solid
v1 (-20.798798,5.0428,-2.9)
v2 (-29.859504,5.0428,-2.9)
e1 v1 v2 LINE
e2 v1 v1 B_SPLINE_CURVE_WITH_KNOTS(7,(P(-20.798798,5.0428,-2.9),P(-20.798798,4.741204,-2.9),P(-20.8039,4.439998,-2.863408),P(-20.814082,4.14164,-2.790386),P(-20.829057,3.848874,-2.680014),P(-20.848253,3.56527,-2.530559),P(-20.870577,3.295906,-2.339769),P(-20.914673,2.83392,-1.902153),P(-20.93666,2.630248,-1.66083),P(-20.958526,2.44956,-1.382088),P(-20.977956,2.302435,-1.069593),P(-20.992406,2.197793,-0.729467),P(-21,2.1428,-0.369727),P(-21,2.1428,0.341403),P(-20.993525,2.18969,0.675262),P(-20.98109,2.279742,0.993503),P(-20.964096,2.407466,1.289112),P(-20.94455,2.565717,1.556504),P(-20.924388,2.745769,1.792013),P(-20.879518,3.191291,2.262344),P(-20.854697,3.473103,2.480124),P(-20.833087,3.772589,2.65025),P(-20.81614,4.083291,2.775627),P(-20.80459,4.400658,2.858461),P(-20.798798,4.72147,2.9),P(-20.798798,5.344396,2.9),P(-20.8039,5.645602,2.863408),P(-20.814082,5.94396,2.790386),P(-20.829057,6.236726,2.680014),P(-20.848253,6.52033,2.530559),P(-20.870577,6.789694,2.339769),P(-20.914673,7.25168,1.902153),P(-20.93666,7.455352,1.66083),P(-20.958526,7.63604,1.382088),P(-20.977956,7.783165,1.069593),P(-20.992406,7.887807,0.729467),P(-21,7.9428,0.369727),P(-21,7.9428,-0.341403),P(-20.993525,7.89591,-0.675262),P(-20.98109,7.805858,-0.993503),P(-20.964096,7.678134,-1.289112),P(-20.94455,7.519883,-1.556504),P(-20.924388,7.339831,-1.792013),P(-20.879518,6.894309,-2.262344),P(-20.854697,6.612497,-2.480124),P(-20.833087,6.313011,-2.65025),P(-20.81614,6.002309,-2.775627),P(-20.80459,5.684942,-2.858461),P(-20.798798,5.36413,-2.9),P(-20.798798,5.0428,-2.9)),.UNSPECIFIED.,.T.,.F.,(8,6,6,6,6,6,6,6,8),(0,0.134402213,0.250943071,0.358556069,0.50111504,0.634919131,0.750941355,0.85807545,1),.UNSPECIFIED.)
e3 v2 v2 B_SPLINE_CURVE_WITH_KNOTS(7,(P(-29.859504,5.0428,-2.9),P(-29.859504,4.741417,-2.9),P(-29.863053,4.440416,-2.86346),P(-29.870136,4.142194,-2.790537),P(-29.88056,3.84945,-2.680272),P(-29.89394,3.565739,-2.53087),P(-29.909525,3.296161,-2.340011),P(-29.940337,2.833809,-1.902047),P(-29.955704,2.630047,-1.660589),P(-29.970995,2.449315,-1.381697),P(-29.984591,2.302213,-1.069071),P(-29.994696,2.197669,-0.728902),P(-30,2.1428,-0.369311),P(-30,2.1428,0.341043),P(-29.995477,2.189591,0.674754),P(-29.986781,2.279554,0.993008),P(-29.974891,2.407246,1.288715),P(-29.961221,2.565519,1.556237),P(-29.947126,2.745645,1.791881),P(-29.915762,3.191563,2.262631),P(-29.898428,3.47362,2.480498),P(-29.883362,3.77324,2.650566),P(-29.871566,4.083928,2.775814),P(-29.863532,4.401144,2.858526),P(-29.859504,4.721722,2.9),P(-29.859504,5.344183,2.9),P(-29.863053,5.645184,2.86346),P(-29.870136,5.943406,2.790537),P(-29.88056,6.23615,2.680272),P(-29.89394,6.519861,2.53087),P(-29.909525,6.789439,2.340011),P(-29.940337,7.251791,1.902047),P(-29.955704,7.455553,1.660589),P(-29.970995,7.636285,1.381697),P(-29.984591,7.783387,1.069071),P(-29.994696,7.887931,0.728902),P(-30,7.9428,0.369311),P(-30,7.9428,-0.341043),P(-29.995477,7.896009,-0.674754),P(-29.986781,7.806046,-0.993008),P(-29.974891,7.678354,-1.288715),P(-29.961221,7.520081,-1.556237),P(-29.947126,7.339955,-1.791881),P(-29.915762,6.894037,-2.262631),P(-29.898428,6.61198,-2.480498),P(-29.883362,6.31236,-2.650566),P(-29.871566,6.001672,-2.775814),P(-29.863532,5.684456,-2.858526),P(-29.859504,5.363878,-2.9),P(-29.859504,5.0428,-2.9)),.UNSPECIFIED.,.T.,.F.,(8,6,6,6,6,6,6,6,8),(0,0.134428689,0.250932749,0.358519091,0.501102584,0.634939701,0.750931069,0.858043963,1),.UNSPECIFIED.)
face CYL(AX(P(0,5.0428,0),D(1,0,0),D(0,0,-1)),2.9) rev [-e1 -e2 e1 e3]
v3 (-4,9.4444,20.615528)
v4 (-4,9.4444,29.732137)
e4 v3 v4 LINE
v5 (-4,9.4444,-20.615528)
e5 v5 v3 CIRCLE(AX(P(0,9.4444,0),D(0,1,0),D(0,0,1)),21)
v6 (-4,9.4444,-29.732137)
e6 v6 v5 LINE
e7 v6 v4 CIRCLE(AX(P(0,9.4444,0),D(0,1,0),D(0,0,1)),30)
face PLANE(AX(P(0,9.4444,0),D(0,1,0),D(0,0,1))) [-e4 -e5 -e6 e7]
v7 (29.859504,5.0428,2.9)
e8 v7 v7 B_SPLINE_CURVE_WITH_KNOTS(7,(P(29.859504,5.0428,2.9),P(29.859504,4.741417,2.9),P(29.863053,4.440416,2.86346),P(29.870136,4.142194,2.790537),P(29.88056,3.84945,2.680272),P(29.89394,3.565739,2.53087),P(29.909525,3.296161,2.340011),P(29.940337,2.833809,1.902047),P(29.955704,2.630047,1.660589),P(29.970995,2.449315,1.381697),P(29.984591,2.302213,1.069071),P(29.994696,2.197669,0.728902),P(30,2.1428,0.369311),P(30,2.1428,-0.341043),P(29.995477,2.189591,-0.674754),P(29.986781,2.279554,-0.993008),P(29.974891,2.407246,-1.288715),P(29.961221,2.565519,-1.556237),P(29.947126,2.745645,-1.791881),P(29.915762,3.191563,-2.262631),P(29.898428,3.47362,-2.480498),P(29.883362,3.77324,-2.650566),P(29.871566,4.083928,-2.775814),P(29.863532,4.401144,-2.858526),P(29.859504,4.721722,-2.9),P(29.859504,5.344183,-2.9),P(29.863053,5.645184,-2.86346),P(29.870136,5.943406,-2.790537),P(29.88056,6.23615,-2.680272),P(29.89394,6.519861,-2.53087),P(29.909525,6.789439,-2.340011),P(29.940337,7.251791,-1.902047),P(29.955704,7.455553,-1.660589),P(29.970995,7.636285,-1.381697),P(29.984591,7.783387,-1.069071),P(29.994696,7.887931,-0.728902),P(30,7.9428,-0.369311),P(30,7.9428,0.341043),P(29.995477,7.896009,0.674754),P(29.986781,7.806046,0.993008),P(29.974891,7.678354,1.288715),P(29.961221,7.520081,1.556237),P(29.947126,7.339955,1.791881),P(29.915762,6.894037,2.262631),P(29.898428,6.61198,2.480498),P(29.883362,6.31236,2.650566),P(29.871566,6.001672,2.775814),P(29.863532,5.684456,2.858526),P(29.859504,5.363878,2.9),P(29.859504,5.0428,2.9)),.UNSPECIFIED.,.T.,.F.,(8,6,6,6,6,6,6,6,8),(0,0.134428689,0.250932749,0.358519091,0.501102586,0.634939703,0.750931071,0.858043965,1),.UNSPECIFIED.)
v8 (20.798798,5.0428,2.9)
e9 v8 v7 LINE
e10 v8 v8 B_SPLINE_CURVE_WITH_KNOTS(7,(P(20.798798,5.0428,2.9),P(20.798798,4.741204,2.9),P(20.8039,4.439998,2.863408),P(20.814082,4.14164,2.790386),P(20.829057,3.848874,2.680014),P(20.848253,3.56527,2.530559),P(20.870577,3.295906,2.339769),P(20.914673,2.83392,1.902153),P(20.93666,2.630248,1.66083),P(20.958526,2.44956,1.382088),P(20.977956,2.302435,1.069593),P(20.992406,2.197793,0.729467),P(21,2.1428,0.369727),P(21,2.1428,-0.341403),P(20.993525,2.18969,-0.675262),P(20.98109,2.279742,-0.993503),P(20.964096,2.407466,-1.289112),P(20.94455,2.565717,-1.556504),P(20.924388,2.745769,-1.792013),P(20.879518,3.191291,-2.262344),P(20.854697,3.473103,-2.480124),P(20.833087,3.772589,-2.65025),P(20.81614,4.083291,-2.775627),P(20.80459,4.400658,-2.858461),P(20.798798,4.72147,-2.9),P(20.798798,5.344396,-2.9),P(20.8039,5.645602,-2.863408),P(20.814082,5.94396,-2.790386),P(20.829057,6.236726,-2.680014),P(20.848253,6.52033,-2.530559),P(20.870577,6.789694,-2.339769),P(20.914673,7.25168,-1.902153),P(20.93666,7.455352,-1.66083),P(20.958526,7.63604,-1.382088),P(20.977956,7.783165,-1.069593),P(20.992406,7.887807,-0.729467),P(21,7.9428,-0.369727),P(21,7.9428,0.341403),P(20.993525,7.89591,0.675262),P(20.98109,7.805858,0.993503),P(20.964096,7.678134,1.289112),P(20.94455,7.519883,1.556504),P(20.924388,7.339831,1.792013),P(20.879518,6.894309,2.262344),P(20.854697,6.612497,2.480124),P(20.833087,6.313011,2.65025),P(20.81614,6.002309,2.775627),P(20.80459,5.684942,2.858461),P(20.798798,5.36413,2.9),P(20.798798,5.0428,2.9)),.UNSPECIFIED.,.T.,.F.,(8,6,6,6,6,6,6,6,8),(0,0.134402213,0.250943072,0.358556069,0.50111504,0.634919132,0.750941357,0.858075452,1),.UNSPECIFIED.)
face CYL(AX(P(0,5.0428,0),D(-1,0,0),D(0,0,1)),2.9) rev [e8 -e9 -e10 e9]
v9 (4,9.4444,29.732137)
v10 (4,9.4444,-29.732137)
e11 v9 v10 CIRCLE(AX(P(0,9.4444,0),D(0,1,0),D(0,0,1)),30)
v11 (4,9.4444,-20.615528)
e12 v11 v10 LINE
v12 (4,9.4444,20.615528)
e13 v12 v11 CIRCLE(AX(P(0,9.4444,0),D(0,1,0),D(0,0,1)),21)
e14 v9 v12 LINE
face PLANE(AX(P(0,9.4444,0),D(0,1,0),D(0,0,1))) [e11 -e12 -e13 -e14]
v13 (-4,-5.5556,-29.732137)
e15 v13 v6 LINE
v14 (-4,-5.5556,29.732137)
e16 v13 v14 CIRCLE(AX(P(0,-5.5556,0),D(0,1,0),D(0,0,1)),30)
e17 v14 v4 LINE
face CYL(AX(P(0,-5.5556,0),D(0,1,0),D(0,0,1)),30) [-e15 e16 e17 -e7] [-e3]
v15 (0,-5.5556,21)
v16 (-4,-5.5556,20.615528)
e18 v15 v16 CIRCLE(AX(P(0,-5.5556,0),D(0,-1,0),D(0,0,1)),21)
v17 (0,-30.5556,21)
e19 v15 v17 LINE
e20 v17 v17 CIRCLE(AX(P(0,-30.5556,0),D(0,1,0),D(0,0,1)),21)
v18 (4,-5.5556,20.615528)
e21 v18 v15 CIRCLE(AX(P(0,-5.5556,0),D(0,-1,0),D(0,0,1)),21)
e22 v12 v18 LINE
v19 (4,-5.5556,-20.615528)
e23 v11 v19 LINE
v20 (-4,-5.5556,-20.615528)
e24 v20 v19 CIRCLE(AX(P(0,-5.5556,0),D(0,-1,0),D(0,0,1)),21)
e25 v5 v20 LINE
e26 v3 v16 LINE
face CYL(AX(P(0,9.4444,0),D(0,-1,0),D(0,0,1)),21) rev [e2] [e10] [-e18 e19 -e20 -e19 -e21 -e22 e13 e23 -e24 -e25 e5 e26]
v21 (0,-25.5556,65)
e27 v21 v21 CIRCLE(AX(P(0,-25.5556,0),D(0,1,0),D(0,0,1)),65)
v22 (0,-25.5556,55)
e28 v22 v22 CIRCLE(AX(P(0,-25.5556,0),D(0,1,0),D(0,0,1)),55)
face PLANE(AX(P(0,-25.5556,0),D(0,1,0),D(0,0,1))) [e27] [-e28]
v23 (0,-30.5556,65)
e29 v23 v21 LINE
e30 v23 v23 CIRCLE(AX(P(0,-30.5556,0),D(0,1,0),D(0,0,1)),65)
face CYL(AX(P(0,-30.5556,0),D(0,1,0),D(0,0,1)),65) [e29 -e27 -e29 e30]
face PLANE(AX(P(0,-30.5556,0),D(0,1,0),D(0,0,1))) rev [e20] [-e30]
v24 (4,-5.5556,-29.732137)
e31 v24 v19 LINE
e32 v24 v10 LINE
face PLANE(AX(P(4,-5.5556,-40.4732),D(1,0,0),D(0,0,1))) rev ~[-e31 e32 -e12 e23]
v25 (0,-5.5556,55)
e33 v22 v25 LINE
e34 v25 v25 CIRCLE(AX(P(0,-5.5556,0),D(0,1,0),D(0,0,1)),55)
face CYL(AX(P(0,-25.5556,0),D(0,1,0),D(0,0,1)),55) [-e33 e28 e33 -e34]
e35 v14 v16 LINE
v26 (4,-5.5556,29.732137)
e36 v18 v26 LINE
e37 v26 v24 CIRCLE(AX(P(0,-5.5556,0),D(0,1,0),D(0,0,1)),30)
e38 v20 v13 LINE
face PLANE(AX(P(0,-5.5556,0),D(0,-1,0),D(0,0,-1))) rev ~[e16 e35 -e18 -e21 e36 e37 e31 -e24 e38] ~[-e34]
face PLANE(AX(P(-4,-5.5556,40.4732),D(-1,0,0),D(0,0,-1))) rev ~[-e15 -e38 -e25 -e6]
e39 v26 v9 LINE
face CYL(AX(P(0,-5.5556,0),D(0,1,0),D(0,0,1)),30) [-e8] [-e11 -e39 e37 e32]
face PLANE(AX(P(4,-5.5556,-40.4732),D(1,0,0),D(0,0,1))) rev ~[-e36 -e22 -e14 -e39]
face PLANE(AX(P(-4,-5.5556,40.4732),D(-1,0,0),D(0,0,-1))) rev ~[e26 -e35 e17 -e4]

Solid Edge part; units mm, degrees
sketch "Sketch1" plane through (0, 0, 0) normal (1, 0, 0) x (0, 1, 0)
  line L0 (-30.5556, 21) -> (-30.5556, 65)
  line L1 (-30.5556, 65) -> (-25.5556, 65)
  line L2 (-25.5556, 65) -> (-25.5556, 55)
  line L3 (-25.5556, 55) -> (-5.5556, 55)
  line L4 (-5.5556, 55) -> (-5.5556, 30)
  line L5 (-5.5556, 30) -> (9.4444, 30)
  line L6 (9.4444, 30) -> (9.4444, 21)
  line L7 (9.4444, 21) -> (-30.5556, 21)
  dimension "D1" = 5
  dimension "D2" = 20
  dimension "D3" = 15
  dimension "D4" = 21
  dimension "D5" = 10
  dimension "D6" = 25
  dimension "D7" = 55
revolve "RevolvedProtrusion1" add sketch "Sketch1" angle 360 about axis through (0, -60, 0) along (0, 1, 0)
sketch "Sketch2" plane through (0, -5.5556, 0) normal (0, 1, 0) x (-1, 0, 0)
  line L0 (-4, 40.4732) -> (4, 40.4732)
  line L1 (4, 40.4732) -> (4, -40.4732)
  line L2 (4, -40.4732) -> (-4, -40.4732)
  line L3 (-4, -40.4732) -> (-4, 40.4732)
  dimension "D1" = 8
  dimension "D2" = 80.9463
  dimension "D3" = 4
extrude "Cutout1" cut sketch "Sketch2" along normal blind 383.6956
hole "Hole_2" at (0, 5.0428, 0) direction (1, 0, 0) diameter 5.8 end up to next
hole "Hole_3" at (0, 5.0428, 0) direction (-1, 0, 0) diameter 5.8 end up to next
